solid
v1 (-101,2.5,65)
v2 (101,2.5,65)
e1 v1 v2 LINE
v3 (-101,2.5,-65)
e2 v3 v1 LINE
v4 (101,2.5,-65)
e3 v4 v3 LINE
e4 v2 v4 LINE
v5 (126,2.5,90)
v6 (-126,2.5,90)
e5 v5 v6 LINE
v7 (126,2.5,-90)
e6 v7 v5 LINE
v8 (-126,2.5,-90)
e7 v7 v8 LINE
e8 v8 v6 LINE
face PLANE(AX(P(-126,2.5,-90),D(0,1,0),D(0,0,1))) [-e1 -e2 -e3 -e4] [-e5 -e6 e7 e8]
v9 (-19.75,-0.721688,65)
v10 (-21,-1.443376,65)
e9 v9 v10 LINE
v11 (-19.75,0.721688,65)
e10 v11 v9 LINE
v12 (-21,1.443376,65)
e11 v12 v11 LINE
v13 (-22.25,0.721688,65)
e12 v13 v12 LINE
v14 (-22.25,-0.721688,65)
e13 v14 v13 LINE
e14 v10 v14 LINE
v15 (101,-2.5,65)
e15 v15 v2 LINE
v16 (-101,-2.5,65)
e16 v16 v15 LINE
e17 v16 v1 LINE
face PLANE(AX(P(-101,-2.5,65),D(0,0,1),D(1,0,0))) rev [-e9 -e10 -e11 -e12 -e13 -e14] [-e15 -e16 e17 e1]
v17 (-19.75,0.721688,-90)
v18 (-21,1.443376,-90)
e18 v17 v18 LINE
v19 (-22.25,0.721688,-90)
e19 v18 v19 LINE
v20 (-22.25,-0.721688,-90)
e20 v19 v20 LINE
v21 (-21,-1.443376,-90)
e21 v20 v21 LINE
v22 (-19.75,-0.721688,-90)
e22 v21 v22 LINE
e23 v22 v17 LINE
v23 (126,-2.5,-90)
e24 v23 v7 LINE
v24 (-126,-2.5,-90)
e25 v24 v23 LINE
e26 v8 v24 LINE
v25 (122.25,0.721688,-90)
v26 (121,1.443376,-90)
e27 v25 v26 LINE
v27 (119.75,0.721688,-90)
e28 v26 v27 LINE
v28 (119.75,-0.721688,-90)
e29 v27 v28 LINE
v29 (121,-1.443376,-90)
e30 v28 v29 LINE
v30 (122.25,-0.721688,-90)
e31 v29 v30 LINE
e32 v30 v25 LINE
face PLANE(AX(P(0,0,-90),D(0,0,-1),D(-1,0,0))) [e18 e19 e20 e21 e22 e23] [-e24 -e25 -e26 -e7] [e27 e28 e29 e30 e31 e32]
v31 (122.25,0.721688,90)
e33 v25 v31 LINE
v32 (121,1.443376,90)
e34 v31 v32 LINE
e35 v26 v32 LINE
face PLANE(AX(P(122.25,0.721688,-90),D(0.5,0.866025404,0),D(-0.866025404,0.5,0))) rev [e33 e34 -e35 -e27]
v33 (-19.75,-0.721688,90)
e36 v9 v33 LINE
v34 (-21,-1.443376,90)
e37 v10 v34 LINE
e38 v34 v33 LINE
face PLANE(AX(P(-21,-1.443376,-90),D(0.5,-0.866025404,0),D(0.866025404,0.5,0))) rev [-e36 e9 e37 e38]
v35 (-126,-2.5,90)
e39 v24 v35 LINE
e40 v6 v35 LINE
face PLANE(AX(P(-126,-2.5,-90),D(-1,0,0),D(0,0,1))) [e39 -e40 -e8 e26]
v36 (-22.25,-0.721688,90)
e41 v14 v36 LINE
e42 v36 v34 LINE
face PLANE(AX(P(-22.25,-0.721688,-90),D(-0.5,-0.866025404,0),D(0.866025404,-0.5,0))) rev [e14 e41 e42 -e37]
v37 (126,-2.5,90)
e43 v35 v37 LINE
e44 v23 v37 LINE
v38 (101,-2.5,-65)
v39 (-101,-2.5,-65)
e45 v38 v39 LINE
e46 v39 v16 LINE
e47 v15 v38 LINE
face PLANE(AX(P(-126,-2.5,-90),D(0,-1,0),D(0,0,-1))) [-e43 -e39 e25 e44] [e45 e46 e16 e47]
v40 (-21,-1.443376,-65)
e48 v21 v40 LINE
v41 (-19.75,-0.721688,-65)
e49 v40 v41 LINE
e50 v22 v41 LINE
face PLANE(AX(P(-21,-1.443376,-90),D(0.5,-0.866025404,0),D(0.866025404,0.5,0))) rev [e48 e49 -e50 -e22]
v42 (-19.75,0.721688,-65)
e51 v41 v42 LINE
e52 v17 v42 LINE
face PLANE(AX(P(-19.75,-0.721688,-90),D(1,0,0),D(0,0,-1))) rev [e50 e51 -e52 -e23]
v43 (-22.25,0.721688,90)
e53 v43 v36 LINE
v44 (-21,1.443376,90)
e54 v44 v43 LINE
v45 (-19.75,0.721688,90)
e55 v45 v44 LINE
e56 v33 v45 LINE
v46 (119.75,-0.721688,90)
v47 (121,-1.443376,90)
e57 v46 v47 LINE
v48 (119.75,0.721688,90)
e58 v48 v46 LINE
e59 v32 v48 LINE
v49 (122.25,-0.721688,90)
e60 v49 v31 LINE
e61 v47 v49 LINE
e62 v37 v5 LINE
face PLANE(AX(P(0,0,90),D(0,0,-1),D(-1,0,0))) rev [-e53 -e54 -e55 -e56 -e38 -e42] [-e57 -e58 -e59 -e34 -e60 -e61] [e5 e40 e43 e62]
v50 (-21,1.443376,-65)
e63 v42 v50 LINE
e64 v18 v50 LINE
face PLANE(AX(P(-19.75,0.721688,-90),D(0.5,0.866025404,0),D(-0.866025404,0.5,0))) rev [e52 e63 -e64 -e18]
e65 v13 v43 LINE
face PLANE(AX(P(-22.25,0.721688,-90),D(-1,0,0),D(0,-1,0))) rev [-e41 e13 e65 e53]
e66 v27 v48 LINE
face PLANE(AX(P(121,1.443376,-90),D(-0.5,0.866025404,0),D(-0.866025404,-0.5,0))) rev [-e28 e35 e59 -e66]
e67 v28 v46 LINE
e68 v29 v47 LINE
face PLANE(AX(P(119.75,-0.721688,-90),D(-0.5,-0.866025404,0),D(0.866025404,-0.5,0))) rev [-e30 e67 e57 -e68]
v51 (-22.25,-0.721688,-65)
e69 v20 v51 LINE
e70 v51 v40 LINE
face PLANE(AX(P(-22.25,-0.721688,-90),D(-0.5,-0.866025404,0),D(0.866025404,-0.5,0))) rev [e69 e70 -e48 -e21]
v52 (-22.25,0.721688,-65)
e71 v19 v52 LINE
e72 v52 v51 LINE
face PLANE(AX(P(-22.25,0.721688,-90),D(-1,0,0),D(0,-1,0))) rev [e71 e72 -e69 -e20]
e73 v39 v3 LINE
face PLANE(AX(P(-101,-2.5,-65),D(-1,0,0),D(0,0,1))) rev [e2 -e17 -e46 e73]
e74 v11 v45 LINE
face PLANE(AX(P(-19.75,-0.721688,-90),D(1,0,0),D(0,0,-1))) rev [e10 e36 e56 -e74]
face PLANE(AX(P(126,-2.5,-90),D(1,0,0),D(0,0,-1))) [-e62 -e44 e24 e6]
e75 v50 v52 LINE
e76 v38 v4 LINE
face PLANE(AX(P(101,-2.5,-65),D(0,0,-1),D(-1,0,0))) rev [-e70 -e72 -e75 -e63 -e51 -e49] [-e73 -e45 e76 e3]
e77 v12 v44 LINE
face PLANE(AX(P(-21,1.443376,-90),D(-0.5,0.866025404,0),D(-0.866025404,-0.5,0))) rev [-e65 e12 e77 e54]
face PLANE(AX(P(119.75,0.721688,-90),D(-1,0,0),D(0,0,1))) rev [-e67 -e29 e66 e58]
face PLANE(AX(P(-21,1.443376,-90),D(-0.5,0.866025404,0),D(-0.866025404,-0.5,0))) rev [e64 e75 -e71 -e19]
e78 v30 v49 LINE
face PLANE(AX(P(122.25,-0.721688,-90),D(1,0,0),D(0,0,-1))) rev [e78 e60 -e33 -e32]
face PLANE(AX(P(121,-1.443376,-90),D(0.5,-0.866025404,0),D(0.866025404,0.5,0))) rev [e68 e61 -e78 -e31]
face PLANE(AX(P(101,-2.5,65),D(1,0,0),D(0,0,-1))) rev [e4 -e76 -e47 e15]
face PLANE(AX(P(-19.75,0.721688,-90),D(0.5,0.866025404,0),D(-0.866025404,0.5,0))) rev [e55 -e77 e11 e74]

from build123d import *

# Parameters (mm, degrees)
BOSS_EXTRUDE1_DEPTH      = 90
BOSS_EXTRUDE1_DEPTH_BACK = 90
SKETCH1_W                = 252
SKETCH1_H                = 5
CUT_EXTRUDE1_DEPTH       = 220.732223399
SKETCH5_W                = 202
SKETCH5_H                = 130
CUT_EXTRUDE3_DEPTH       = 155.922561301


with BuildPart() as part:
    # Sketch1 → Boss-Extrude1 (new, two sides: drawn at the far end of the back side and taken through both)
    with BuildSketch(Plane.XY.offset(-BOSS_EXTRUDE1_DEPTH_BACK)):
        Rectangle(SKETCH1_W, SKETCH1_H)
    extrude(amount=BOSS_EXTRUDE1_DEPTH + BOSS_EXTRUDE1_DEPTH_BACK)

    # Sketch2 → Cut-Extrude1 (cut, through all)
    with BuildSketch(Plane.XY.offset(90)):
        Polygon((-21, 1.443375673), (-22.25, 0.721687836), (-22.25, -0.721687836), (-21, -1.443375673), (-19.75, -0.721687836), (-19.75, 0.721687836), align=None)
        Polygon((121, 1.443375673), (119.75, 0.721687836), (119.75, -0.721687836), (121, -1.443375673), (122.25, -0.721687836), (122.25, 0.721687836), align=None)
    extrude(amount=-CUT_EXTRUDE1_DEPTH, mode=Mode.SUBTRACT)

    # Sketch5 → Cut-Extrude3 (cut, through all)
    with BuildSketch(Plane(origin=(0, 2.5, 0), x_dir=(1, 0, 0), z_dir=(0, 1, 0))):
        Rectangle(SKETCH5_W, SKETCH5_H)
    extrude(amount=-CUT_EXTRUDE3_DEPTH, mode=Mode.SUBTRACT)


solid = part.part
